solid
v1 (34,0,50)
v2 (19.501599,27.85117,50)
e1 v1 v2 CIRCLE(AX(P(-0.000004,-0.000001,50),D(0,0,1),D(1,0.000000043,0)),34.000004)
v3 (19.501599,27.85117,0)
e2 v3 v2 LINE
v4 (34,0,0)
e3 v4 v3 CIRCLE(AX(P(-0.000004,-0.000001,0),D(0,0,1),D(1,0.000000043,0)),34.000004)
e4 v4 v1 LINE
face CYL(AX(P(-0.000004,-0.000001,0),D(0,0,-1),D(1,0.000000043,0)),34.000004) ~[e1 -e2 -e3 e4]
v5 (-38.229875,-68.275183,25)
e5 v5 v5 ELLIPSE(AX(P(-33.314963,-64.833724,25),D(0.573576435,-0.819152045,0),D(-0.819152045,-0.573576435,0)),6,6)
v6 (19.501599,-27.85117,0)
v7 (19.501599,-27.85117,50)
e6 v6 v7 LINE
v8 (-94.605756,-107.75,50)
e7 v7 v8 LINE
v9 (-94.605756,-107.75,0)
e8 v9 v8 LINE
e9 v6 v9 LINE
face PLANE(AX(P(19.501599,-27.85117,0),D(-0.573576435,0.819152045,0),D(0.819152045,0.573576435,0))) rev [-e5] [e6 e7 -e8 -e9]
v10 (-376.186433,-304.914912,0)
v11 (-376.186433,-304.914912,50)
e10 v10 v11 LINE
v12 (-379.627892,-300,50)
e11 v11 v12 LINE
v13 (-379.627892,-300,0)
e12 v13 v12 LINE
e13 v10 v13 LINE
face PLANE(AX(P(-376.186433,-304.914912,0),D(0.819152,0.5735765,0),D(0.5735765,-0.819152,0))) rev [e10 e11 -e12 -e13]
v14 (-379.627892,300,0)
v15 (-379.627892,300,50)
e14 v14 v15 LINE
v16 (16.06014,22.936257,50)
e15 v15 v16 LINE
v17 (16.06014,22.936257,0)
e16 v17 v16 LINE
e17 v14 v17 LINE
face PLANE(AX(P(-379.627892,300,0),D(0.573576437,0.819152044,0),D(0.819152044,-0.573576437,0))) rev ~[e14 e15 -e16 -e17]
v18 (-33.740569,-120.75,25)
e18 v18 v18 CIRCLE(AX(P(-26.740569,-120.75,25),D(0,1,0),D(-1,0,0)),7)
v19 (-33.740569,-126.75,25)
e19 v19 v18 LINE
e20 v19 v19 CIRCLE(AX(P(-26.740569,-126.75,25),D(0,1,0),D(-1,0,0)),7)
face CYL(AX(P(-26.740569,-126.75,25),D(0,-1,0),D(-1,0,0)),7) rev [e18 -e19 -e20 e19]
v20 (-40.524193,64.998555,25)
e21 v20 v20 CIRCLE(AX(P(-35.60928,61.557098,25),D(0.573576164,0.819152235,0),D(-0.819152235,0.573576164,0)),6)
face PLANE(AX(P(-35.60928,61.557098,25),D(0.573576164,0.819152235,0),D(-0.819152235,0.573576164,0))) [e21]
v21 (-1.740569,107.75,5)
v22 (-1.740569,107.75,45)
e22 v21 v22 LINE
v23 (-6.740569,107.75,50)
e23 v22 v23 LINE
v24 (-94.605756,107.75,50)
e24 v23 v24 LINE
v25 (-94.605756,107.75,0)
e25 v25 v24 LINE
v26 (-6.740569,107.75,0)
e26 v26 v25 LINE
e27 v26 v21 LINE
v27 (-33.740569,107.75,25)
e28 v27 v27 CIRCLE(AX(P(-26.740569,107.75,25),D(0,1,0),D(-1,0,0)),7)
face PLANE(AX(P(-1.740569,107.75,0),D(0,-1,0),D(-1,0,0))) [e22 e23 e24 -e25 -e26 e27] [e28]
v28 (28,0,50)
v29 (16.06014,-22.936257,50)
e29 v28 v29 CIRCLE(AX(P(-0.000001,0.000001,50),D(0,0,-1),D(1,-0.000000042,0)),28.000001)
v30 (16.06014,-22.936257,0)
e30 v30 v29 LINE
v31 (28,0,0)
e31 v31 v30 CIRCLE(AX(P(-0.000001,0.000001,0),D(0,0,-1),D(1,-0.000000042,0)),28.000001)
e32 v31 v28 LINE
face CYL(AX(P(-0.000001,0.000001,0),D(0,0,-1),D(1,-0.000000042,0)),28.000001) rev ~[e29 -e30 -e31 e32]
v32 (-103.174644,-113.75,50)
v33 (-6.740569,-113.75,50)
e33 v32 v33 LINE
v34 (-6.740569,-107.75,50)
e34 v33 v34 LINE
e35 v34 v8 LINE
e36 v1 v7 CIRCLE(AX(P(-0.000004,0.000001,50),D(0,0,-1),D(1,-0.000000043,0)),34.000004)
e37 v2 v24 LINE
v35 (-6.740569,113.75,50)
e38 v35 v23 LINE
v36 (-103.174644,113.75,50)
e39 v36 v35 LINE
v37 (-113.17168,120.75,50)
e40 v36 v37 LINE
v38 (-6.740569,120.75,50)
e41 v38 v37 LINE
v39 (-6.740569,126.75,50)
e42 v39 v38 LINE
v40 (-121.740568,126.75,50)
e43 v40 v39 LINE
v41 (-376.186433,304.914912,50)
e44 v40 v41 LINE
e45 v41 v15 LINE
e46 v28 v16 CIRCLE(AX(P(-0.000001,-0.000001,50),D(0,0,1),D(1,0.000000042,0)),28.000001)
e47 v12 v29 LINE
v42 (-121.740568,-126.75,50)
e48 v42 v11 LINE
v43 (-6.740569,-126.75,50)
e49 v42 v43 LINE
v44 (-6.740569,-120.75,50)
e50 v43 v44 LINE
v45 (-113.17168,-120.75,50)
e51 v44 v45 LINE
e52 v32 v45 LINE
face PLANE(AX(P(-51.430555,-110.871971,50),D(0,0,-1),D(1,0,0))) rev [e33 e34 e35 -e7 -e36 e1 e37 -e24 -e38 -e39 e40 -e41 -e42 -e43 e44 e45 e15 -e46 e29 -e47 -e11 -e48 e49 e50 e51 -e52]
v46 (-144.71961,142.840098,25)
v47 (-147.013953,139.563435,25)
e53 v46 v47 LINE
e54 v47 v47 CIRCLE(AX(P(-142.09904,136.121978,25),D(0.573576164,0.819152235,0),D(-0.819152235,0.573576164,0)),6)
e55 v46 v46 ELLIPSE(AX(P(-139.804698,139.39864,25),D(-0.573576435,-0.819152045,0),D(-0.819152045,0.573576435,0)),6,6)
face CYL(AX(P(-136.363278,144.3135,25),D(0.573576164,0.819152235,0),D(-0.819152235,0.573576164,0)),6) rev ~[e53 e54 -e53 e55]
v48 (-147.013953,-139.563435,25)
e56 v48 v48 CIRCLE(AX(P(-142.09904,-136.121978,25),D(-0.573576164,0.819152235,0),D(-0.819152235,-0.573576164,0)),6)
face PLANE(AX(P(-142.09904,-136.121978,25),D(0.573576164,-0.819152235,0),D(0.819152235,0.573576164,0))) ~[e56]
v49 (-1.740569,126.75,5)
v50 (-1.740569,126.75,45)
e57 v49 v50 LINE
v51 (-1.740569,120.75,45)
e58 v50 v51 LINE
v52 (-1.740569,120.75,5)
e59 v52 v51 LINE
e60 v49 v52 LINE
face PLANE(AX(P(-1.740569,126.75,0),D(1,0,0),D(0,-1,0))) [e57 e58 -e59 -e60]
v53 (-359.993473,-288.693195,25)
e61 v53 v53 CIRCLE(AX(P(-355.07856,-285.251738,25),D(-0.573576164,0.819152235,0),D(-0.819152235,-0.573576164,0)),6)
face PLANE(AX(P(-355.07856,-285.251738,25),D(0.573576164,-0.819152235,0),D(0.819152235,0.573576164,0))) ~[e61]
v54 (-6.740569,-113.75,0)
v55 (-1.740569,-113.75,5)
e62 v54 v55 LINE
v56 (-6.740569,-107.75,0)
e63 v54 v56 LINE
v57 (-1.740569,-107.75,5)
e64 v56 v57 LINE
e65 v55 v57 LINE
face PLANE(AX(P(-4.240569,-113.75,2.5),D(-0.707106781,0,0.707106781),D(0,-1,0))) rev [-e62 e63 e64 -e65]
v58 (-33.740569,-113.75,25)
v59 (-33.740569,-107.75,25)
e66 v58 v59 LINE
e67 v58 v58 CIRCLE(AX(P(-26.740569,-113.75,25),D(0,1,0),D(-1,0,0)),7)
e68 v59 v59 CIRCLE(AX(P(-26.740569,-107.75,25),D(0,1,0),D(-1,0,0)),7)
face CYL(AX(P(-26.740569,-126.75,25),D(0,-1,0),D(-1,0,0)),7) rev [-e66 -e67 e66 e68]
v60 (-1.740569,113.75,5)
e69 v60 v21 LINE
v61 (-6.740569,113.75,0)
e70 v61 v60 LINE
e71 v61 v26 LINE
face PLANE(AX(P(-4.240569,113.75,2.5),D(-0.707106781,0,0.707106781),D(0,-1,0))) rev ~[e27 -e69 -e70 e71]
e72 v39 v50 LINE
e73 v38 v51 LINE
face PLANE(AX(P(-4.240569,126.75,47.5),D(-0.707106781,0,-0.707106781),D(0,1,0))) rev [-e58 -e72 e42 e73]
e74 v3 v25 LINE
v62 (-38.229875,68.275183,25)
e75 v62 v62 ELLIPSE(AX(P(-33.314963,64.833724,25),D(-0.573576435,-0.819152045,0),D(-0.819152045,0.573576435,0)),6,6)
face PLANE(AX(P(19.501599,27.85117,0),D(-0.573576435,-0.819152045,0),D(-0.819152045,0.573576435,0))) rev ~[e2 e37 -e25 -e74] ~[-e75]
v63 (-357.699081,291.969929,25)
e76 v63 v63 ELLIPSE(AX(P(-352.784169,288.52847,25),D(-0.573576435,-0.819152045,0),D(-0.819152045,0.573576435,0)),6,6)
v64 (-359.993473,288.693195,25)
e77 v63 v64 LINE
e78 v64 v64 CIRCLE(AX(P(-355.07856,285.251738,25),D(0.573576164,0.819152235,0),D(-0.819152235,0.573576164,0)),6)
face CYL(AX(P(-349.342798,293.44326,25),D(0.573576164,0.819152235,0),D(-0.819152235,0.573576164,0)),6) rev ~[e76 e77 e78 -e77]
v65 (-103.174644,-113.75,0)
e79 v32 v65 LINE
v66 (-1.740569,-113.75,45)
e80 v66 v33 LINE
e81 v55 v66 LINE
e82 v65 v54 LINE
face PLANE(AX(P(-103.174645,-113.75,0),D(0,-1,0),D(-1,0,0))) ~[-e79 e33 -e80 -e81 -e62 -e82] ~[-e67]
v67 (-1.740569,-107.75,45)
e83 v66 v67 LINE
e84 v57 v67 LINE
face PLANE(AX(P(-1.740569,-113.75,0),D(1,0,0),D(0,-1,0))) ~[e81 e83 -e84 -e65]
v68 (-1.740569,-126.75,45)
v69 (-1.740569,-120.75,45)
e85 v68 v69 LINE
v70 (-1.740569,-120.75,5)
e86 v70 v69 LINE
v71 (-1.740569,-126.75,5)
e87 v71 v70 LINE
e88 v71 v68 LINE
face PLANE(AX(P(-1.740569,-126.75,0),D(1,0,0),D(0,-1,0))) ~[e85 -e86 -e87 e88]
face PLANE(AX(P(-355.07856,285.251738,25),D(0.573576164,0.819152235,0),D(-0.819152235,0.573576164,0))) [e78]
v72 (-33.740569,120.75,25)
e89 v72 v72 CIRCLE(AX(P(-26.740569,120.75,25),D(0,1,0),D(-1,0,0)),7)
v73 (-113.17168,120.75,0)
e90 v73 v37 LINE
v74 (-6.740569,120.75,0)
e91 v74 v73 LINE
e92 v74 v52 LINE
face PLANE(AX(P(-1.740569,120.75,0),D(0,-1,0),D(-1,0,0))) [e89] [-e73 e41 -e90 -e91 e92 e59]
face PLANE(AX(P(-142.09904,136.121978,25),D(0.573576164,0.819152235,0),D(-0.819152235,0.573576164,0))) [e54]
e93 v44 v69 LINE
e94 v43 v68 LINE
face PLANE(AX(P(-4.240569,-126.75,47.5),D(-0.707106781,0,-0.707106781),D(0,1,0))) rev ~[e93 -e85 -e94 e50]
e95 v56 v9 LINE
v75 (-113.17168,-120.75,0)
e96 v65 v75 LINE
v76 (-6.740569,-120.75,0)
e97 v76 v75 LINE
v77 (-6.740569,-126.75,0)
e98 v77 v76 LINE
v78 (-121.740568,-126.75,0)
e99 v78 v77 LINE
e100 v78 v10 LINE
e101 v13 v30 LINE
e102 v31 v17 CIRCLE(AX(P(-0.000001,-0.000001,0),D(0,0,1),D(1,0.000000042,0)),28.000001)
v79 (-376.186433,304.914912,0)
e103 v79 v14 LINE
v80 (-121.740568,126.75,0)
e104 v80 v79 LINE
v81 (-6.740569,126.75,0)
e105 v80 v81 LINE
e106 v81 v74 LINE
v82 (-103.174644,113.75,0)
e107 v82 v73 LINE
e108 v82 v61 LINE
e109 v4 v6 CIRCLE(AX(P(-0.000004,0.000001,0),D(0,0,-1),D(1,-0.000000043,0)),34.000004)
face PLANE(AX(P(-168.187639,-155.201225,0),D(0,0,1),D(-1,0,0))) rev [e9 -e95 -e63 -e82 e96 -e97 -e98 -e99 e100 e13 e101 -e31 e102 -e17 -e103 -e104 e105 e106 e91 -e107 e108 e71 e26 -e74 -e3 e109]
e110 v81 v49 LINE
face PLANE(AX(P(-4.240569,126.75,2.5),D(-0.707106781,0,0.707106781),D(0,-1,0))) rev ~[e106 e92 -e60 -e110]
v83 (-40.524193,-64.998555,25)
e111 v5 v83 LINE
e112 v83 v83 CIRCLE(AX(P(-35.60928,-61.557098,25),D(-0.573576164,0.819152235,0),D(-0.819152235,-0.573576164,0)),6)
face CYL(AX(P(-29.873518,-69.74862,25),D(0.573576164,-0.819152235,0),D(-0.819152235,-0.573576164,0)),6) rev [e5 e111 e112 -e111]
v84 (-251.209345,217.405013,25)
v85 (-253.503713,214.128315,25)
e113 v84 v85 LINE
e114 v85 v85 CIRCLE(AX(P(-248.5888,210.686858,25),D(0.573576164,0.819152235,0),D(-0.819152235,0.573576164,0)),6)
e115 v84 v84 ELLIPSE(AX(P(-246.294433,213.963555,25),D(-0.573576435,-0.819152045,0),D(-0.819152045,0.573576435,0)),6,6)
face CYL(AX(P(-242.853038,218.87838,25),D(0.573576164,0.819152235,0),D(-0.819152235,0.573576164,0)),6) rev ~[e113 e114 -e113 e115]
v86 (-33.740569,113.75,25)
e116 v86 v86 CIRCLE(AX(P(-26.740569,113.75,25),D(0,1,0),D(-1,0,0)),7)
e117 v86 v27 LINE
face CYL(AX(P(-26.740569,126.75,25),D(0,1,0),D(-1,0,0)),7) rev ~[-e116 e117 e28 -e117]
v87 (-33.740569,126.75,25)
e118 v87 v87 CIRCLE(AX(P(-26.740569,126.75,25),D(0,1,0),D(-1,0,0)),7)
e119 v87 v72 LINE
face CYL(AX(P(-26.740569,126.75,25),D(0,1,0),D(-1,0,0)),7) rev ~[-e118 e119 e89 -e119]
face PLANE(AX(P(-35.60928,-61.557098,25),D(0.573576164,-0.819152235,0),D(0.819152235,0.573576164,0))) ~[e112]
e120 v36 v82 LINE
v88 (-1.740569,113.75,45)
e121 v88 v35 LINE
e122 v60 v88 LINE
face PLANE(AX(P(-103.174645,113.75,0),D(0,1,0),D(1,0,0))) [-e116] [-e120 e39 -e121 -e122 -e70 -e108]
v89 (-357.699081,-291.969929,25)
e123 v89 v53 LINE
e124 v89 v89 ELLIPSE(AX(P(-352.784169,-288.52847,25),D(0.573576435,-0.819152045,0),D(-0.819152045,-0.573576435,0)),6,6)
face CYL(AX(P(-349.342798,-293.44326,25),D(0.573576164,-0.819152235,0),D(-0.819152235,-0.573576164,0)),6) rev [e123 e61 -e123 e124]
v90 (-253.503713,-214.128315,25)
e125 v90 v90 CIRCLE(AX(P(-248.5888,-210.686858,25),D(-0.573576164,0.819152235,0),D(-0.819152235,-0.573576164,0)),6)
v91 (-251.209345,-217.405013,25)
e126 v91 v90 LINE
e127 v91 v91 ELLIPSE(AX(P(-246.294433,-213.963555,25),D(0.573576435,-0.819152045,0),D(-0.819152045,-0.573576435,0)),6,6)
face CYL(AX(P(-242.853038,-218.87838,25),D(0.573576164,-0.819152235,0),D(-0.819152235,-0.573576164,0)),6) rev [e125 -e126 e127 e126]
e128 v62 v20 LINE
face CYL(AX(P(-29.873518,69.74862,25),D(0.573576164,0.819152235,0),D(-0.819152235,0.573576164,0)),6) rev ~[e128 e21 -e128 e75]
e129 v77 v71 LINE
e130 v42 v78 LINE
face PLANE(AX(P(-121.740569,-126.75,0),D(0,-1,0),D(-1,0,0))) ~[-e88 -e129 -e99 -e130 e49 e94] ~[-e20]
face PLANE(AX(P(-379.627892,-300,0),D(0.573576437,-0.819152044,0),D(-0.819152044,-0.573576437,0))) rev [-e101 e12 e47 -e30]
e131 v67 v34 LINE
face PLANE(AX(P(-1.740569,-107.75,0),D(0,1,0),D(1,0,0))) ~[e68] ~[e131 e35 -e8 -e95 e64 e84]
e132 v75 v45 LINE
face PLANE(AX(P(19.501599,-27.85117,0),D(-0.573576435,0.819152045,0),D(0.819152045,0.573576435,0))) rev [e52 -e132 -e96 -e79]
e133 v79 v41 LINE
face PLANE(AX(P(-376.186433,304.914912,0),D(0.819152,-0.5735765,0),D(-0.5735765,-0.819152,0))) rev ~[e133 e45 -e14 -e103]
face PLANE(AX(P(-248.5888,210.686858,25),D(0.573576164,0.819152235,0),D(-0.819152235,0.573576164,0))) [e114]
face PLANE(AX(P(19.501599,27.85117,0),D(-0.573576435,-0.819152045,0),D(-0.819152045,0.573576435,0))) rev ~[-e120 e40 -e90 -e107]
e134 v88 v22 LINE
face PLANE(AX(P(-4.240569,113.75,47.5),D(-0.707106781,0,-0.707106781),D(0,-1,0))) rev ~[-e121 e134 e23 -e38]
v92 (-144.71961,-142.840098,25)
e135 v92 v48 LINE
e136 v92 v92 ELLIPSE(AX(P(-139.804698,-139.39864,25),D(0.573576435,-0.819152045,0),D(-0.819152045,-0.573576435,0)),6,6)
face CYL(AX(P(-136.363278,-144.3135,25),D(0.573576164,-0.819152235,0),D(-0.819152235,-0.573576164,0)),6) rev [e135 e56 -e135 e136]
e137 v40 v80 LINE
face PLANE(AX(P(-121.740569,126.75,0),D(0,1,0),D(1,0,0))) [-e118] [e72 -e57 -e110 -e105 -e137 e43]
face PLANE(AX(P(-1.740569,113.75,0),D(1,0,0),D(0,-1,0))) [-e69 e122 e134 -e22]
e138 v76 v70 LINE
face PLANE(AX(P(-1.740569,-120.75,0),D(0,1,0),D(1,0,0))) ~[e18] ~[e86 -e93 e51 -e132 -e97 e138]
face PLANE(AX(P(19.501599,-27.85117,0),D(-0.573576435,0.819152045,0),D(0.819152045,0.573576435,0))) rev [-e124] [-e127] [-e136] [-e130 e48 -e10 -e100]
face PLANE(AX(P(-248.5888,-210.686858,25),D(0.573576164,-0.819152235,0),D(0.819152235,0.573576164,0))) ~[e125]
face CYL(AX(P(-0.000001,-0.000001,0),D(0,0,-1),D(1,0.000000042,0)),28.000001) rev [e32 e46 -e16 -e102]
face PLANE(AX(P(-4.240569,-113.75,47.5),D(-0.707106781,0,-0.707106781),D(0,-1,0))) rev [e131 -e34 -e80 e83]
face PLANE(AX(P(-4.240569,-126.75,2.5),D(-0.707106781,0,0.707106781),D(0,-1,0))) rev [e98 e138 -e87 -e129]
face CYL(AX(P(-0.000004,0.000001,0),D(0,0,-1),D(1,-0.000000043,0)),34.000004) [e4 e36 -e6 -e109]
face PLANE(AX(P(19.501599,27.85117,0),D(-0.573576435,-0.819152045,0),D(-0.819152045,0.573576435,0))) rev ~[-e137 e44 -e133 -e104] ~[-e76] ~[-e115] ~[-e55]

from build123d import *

# Parameters (mm, degrees)
PAD_DEPTH           = 50
PAD001_DEPTH        = 50
CHAMFER_SIZE        = 5
SKETCH015_R         = 6
POCKET005_DEPTH     = 10
LINEARPATTERN_COUNT = 4
LINEARPATTERN_PITCH = 130
SKETCH016_R         = 7
POCKET_DEPTH        = 20


with BuildPart() as part:
    # Sketch → Pad (new body)
    with BuildSketch(Plane.XY):
        with BuildLine():
            Line((-379.627892, 300), (16.06014, 22.936257))
            ThreePointArc((28, 0), (24.836303, 12.928961), (16.06014, 22.936257))
            Line((34, 0), (28, 0))
            ThreePointArc((34, 0), (30.158368, 15.699453), (19.501599, 27.85117))
            Line((19.501599, 27.85117), (-376.186433, 304.914912))
            Line((-376.186433, 304.914912), (-379.627892, 300))
        make_face()
    extrude(amount=PAD_DEPTH)

    # Sketch001 → Pad001 (join)
    with BuildSketch(Plane.XY):
        Polygon((-94.605757, 107.75), (-103.174645, 113.75), (-1.740569, 113.75), (-1.740569, 107.75), align=None)
        Polygon((-113.171681, 120.75), (-121.740569, 126.75), (-1.740569, 126.75), (-1.740569, 120.75), align=None)
    extrude(amount=PAD001_DEPTH)

    # Chamfer
    chamfer_edges = [part.edges().sort_by_distance(p)[0] for p in [
        (-1.740569, 123.75, 50),
        (-1.740569, 110.75, 50),
        (-1.740569, 110.75, 0),
        (-1.740569, 123.75, 0),
    ]]
    chamfer(chamfer_edges, length=CHAMFER_SIZE)

    # Sketch015 → Pocket005 (cut)
    with BuildSketch(Plane(origin=(22.943057, 32.766082, 0), x_dir=(-0.819152, 0.573576, 0), z_dir=(0.573576, 0.819152, 0))):
        with Locations((454.477006, 25)):
            Circle(SKETCH015_R)
    pocket005 = extrude(amount=-POCKET005_DEPTH, mode=Mode.SUBTRACT)

    # LinearPattern: Pocket005 ×4
    with Locations(*[Vector(0.819152, -0.573576, 0) * (i * LINEARPATTERN_PITCH) for i in range(1, LINEARPATTERN_COUNT)]):
        add(pocket005, mode=Mode.SUBTRACT)

    # Sketch016 (on Face9 of LinearPattern) → Pocket (cut)
    with BuildSketch(Plane(origin=(0, 126.75, 0), x_dir=(-1, 0, 0), z_dir=(0, 1, 0))):
        with Locations((26.740569, 25)):
            Circle(SKETCH016_R)
    extrude(amount=-POCKET_DEPTH, mode=Mode.SUBTRACT)

    # Mirrored: part across XZ


with BuildPart() as part_1:
    add(part.part)
    add(part.part.mirror(Plane.XZ))


solid = part_1.part
